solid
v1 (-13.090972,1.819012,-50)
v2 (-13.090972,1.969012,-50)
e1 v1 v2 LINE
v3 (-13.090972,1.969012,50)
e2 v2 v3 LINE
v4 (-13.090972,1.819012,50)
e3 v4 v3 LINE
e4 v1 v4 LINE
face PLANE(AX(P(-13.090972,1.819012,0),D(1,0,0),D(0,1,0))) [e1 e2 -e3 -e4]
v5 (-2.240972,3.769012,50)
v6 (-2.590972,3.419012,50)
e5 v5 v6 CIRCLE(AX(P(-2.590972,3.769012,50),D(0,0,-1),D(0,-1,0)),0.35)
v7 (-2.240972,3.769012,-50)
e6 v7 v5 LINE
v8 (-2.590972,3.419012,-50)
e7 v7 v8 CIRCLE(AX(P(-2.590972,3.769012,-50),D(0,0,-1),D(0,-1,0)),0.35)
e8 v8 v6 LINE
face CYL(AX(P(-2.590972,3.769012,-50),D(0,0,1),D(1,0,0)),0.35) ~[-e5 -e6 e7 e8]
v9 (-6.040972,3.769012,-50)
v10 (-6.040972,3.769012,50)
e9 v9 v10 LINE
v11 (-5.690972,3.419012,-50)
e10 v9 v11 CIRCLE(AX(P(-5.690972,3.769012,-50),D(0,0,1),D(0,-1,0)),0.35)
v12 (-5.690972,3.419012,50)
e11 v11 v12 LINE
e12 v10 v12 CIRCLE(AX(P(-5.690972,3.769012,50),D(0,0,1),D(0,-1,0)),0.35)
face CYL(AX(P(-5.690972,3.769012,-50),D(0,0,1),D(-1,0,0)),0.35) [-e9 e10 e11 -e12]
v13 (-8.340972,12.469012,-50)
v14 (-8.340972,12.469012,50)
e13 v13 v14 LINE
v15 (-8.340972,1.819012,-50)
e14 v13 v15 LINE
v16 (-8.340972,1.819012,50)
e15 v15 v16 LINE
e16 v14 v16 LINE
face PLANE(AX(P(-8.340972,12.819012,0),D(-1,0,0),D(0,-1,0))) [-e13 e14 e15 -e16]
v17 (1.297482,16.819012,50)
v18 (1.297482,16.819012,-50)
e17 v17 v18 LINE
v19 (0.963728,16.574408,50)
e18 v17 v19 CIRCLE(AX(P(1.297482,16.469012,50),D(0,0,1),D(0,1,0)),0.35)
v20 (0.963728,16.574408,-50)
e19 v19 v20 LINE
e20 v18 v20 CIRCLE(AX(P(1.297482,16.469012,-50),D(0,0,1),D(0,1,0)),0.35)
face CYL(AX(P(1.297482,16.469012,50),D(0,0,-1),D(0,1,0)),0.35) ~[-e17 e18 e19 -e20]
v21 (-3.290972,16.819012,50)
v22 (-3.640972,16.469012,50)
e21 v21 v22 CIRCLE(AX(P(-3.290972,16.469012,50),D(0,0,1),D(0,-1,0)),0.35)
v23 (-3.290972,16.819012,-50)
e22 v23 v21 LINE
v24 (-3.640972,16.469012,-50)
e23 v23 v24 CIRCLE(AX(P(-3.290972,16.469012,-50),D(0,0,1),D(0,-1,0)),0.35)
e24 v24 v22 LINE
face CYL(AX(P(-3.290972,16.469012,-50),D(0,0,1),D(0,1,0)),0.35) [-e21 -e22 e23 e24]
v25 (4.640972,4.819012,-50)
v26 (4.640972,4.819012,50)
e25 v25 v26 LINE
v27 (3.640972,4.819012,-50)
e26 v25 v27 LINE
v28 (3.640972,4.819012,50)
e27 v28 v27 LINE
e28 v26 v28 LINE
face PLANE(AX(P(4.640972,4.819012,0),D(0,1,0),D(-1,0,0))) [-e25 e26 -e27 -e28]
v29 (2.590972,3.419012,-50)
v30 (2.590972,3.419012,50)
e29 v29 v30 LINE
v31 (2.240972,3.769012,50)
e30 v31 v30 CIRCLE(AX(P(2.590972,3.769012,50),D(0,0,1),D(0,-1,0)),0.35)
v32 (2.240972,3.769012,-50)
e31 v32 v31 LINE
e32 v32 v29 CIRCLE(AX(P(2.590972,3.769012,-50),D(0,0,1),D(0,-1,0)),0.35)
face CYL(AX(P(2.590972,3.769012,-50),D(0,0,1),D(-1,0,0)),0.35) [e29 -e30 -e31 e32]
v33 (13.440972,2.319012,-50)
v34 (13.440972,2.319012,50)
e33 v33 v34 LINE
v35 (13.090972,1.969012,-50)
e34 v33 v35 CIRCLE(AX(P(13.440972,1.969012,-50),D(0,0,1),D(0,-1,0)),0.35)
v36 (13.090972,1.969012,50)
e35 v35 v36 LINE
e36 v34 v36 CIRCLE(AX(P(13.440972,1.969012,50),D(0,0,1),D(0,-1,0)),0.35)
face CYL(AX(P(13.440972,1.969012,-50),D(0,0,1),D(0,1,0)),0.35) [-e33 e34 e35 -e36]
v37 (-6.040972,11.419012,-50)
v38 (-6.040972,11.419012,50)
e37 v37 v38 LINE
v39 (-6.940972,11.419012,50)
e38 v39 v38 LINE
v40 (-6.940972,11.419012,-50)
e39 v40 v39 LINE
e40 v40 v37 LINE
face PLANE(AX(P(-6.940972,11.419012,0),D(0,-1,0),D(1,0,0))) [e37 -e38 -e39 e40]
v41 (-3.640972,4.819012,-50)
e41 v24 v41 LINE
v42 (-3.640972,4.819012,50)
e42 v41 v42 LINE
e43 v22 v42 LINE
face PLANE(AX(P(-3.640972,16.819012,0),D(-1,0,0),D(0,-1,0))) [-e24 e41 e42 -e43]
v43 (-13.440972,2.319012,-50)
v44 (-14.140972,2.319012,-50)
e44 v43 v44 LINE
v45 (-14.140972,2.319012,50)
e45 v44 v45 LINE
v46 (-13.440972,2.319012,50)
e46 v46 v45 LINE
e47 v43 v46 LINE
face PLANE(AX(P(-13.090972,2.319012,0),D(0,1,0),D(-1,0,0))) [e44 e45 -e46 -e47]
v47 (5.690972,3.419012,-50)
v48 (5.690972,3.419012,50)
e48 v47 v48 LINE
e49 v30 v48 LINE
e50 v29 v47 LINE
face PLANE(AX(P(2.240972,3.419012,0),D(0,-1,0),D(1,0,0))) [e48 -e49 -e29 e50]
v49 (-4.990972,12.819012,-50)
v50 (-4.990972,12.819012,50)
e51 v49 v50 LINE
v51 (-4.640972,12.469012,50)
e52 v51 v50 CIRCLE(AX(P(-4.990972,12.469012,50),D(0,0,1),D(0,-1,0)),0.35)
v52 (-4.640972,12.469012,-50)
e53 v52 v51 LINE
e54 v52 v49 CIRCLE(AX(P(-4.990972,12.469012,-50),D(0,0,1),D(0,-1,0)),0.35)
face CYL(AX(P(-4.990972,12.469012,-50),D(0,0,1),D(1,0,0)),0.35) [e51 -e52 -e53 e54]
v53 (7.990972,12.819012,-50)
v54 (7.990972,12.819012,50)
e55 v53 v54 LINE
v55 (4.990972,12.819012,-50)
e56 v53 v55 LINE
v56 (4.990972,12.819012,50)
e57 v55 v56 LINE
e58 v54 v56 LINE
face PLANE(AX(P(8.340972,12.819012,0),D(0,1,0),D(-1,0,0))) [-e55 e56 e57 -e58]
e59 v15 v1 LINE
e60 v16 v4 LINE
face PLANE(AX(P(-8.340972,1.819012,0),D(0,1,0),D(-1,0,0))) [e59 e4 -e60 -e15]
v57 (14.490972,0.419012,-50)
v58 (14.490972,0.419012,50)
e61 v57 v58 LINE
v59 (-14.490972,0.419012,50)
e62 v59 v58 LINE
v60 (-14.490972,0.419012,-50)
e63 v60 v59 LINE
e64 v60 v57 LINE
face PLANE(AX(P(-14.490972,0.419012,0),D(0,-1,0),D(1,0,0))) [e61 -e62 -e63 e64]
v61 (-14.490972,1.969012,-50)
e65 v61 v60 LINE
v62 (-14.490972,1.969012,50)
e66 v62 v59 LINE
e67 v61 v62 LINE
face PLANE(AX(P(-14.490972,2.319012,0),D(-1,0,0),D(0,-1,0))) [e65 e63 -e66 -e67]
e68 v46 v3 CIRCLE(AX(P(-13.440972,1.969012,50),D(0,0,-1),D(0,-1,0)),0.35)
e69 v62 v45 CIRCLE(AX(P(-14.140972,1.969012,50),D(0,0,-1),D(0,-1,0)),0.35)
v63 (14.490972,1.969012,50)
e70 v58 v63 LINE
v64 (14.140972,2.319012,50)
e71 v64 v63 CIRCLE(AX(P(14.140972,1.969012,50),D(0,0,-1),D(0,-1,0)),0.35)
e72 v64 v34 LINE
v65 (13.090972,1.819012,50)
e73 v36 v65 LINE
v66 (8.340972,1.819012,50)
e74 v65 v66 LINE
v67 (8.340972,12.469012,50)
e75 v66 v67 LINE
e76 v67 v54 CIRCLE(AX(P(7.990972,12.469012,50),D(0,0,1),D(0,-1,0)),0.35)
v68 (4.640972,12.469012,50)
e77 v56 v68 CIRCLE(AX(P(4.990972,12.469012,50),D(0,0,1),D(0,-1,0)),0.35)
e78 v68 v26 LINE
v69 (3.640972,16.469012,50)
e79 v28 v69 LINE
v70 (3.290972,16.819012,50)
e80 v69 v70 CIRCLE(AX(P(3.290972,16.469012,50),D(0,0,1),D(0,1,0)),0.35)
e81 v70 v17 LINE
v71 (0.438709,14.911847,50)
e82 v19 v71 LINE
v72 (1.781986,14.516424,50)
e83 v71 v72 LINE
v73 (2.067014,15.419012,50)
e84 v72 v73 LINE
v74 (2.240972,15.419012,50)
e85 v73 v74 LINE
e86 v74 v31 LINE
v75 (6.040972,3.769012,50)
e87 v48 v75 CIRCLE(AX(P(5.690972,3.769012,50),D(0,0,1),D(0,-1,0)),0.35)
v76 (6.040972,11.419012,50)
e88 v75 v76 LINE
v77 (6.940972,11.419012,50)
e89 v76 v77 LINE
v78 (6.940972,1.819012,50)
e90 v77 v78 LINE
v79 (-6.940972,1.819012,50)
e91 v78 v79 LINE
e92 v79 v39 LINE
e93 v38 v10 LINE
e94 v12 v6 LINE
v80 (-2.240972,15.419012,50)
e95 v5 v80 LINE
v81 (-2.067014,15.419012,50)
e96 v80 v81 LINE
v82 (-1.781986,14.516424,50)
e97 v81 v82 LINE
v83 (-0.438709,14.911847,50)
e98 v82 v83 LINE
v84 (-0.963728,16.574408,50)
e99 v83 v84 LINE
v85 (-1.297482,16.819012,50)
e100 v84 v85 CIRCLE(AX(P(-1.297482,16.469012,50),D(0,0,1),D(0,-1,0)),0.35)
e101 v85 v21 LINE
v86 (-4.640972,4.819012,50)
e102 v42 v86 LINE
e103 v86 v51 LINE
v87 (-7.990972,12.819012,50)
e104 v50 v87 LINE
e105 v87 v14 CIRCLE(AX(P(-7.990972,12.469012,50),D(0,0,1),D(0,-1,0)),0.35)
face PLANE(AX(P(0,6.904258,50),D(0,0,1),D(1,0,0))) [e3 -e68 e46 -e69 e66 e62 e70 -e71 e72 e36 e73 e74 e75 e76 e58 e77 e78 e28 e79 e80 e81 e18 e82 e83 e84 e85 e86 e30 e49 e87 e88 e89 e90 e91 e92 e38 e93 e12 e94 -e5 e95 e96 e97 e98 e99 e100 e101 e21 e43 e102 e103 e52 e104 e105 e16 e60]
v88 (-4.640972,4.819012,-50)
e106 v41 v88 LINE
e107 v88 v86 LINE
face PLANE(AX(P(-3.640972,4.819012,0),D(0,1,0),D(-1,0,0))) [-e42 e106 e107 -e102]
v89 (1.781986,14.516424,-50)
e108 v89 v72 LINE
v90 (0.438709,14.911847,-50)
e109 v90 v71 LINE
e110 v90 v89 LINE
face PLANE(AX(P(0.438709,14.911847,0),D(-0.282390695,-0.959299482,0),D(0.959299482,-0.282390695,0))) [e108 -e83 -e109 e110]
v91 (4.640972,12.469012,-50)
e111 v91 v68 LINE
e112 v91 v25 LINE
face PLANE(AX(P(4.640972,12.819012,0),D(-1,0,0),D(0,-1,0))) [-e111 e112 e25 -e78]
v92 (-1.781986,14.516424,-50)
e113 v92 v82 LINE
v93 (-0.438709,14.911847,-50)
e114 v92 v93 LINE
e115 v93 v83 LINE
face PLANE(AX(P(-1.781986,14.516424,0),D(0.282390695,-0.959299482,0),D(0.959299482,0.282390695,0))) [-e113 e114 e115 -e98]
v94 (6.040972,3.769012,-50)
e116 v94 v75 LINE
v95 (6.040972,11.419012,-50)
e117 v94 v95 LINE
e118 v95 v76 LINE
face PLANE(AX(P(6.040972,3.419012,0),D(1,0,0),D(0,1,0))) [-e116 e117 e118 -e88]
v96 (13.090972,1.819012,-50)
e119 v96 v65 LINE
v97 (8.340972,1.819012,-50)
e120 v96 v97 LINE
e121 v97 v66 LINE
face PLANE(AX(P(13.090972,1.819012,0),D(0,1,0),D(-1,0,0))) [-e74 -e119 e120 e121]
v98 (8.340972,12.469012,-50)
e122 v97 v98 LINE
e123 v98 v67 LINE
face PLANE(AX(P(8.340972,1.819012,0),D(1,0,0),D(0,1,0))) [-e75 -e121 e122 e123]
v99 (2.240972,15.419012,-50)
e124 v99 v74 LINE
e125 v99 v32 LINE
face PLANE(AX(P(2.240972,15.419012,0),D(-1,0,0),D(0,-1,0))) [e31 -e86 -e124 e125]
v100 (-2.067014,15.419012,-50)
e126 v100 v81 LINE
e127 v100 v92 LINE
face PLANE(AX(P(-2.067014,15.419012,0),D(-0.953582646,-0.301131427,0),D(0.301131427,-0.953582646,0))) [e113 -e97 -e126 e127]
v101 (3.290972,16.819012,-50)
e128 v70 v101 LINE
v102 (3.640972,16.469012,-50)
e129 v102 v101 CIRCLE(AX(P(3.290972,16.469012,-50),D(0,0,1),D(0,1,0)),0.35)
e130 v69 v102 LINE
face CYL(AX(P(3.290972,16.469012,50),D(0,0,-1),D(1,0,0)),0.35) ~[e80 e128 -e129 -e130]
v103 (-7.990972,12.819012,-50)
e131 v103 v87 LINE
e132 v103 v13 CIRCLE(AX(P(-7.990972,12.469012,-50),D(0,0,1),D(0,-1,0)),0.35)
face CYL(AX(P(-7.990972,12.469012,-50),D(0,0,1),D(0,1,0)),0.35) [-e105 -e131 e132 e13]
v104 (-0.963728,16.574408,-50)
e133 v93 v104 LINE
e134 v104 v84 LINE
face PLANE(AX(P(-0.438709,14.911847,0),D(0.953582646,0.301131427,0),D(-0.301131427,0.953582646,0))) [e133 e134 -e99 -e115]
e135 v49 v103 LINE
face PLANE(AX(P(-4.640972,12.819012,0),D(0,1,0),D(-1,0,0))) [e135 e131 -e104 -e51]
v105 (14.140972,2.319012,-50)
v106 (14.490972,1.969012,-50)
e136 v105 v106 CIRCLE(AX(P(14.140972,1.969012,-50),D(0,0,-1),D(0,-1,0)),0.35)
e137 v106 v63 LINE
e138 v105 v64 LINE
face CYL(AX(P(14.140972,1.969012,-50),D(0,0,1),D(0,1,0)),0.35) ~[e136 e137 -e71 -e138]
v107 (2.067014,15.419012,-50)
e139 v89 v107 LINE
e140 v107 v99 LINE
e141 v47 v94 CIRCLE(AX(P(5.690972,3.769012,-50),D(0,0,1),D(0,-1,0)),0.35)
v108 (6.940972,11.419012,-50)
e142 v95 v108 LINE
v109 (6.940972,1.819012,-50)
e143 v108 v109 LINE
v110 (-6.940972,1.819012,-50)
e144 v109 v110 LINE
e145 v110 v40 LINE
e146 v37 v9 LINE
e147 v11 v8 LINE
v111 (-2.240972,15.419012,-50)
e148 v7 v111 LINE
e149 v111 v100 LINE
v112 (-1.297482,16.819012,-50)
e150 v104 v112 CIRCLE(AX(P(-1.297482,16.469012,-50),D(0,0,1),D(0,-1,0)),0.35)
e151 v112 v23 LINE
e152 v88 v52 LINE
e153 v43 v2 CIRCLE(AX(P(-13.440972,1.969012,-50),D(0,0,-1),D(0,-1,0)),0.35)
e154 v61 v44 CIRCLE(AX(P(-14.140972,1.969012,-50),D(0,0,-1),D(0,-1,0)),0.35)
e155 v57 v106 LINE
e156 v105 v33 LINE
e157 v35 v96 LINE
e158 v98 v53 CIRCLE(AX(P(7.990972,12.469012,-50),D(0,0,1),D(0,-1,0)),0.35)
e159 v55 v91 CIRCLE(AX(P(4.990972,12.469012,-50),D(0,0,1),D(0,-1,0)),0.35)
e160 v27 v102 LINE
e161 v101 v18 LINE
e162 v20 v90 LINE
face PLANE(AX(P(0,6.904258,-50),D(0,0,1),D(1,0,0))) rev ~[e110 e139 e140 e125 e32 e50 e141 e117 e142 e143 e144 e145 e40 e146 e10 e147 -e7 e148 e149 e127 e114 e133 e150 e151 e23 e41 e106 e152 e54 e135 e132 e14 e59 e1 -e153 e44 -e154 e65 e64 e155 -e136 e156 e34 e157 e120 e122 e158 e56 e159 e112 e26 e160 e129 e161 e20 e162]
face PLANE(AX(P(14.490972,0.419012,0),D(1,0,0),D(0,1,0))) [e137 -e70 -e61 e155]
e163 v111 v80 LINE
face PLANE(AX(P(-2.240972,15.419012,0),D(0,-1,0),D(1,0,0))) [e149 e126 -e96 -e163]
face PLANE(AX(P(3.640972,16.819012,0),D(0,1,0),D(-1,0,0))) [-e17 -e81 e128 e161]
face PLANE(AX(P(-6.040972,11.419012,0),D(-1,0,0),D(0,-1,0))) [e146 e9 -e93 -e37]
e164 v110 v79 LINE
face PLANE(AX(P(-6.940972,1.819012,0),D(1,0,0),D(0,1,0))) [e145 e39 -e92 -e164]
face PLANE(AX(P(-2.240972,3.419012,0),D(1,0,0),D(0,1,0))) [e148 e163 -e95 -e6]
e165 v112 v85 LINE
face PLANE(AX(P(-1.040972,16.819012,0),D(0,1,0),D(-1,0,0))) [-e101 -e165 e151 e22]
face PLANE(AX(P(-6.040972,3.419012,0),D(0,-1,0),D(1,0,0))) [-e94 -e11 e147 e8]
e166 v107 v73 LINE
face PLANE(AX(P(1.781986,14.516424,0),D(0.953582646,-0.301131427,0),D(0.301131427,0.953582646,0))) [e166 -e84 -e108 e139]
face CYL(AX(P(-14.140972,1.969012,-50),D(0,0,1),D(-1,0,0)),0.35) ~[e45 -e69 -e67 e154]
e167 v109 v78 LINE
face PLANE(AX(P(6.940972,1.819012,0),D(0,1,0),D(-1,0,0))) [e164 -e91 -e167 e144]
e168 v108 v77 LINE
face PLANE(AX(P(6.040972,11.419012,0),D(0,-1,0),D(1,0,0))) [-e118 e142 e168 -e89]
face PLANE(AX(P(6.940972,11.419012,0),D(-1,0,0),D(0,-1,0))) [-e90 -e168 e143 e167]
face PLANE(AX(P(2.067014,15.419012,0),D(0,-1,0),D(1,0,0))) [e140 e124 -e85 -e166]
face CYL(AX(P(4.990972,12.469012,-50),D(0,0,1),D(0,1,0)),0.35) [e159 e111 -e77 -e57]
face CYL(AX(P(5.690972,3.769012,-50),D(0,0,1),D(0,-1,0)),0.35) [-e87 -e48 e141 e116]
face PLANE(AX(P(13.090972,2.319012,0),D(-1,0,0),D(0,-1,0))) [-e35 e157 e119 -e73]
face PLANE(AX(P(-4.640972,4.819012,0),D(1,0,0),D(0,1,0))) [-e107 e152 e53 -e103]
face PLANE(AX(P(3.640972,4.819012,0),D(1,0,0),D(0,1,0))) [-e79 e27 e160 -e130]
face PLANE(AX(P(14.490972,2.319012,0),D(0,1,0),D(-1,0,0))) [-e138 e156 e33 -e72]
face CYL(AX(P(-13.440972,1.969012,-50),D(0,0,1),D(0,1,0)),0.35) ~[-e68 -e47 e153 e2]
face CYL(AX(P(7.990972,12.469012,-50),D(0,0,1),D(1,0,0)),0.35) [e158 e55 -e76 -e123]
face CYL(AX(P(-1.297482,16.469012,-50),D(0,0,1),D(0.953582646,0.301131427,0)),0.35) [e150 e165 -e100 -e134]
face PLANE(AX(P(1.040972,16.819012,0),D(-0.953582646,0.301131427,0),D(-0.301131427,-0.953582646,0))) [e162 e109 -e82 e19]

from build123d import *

# Parameters (mm, degrees)
F1_DEPTH = 50
F2_R     = 0.35
F3_R     = 0.35
F4_R     = 0.35
F5_R     = 0.35


with BuildPart() as f1:
    # F0 (on Top) → F1 (new body, symmetric)
    with BuildSketch(Plane.XY):
        Polygon((1.0409717248, 16.8190124818), (0.4387088702, 14.9118471891), (1.7819859847, 14.5164243155), (2.0670138885, 15.4190124818), (2.2409717248, 15.4190124818), (2.2409717248, 3.4190124818), (6.0409717248, 3.4190124818), (6.0409717248, 11.4190124818), (6.9409717248, 11.4190124818), (6.9409717248, 1.8190124818), (-6.9409717248, 1.8190124818), (-6.9409717248, 11.4190124818), (-6.0409717248, 11.4190124818), (-6.0409717248, 3.4190124818), (-2.2409717248, 3.4190124818), (-2.2409717248, 15.4190124818), (-2.0670138885, 15.4190124818), (-1.7819859847, 14.5164243155), (-0.4387088702, 14.9118471891), (-1.0409717248, 16.8190124818), (-3.6409717248, 16.8190124818), (-3.6409717248, 4.8190124818), (-4.6409717248, 4.8190124818), (-4.6409717248, 12.8190124818), (-8.3409717248, 12.8190124818), (-8.3409717248, 1.8190124818), (-13.0909717248, 1.8190124818), (-13.0909717248, 2.3190124818), (-14.4909717248, 2.3190124818), (-14.4909717248, 0.4190124818), (-6.9409717248, 0.4190124818), (6.9409717248, 0.4190124818), (14.4909717248, 0.4190124818), (14.4909717248, 2.3190124818), (13.0909717248, 2.3190124818), (13.0909717248, 1.8190124818), (8.3409717248, 1.8190124818), (8.3409717248, 12.8190124818), (4.6409717248, 12.8190124818), (4.6409717248, 4.8190124818), (3.6409717248, 4.8190124818), (3.6409717248, 16.8190124818), align=None)
    extrude(amount=F1_DEPTH, both=True)

    # F2
    f2_edges = [f1.edges().sort_by_distance(p)[0] for p in [
        (14.490972, 2.319012, 0),
    ]]
    fillet(f2_edges, radius=F2_R)

    # F3
    f3_edges = [f1.edges().sort_by_distance(p)[0] for p in [
        (13.090972, 2.319012, 0),
        (8.340972, 12.819012, 0),
        (4.640972, 12.819012, 0),
        (3.640972, 16.819012, 0),
        (1.040972, 16.819012, 0),
    ]]
    fillet(f3_edges, radius=F3_R)

    # F4
    f4_edges = [f1.edges().sort_by_distance(p)[0] for p in [
        (6.040972, 3.419012, 0),
        (2.240972, 3.419012, 0),
        (-2.240972, 3.419012, 0),
    ]]
    fillet(f4_edges, radius=F4_R)

    # F5
    f5_edges = [f1.edges().sort_by_distance(p)[0] for p in [
        (-6.040972, 3.419012, 0),
        (-8.340972, 12.819012, 0),
        (-14.490972, 2.319012, 0),
        (-3.640972, 16.819012, 0),
        (-1.040972, 16.819012, 0),
        (-4.640972, 12.819012, 0),
        (-13.090972, 2.319012, 0),
    ]]
    fillet(f5_edges, radius=F5_R)


solid = f1.part
